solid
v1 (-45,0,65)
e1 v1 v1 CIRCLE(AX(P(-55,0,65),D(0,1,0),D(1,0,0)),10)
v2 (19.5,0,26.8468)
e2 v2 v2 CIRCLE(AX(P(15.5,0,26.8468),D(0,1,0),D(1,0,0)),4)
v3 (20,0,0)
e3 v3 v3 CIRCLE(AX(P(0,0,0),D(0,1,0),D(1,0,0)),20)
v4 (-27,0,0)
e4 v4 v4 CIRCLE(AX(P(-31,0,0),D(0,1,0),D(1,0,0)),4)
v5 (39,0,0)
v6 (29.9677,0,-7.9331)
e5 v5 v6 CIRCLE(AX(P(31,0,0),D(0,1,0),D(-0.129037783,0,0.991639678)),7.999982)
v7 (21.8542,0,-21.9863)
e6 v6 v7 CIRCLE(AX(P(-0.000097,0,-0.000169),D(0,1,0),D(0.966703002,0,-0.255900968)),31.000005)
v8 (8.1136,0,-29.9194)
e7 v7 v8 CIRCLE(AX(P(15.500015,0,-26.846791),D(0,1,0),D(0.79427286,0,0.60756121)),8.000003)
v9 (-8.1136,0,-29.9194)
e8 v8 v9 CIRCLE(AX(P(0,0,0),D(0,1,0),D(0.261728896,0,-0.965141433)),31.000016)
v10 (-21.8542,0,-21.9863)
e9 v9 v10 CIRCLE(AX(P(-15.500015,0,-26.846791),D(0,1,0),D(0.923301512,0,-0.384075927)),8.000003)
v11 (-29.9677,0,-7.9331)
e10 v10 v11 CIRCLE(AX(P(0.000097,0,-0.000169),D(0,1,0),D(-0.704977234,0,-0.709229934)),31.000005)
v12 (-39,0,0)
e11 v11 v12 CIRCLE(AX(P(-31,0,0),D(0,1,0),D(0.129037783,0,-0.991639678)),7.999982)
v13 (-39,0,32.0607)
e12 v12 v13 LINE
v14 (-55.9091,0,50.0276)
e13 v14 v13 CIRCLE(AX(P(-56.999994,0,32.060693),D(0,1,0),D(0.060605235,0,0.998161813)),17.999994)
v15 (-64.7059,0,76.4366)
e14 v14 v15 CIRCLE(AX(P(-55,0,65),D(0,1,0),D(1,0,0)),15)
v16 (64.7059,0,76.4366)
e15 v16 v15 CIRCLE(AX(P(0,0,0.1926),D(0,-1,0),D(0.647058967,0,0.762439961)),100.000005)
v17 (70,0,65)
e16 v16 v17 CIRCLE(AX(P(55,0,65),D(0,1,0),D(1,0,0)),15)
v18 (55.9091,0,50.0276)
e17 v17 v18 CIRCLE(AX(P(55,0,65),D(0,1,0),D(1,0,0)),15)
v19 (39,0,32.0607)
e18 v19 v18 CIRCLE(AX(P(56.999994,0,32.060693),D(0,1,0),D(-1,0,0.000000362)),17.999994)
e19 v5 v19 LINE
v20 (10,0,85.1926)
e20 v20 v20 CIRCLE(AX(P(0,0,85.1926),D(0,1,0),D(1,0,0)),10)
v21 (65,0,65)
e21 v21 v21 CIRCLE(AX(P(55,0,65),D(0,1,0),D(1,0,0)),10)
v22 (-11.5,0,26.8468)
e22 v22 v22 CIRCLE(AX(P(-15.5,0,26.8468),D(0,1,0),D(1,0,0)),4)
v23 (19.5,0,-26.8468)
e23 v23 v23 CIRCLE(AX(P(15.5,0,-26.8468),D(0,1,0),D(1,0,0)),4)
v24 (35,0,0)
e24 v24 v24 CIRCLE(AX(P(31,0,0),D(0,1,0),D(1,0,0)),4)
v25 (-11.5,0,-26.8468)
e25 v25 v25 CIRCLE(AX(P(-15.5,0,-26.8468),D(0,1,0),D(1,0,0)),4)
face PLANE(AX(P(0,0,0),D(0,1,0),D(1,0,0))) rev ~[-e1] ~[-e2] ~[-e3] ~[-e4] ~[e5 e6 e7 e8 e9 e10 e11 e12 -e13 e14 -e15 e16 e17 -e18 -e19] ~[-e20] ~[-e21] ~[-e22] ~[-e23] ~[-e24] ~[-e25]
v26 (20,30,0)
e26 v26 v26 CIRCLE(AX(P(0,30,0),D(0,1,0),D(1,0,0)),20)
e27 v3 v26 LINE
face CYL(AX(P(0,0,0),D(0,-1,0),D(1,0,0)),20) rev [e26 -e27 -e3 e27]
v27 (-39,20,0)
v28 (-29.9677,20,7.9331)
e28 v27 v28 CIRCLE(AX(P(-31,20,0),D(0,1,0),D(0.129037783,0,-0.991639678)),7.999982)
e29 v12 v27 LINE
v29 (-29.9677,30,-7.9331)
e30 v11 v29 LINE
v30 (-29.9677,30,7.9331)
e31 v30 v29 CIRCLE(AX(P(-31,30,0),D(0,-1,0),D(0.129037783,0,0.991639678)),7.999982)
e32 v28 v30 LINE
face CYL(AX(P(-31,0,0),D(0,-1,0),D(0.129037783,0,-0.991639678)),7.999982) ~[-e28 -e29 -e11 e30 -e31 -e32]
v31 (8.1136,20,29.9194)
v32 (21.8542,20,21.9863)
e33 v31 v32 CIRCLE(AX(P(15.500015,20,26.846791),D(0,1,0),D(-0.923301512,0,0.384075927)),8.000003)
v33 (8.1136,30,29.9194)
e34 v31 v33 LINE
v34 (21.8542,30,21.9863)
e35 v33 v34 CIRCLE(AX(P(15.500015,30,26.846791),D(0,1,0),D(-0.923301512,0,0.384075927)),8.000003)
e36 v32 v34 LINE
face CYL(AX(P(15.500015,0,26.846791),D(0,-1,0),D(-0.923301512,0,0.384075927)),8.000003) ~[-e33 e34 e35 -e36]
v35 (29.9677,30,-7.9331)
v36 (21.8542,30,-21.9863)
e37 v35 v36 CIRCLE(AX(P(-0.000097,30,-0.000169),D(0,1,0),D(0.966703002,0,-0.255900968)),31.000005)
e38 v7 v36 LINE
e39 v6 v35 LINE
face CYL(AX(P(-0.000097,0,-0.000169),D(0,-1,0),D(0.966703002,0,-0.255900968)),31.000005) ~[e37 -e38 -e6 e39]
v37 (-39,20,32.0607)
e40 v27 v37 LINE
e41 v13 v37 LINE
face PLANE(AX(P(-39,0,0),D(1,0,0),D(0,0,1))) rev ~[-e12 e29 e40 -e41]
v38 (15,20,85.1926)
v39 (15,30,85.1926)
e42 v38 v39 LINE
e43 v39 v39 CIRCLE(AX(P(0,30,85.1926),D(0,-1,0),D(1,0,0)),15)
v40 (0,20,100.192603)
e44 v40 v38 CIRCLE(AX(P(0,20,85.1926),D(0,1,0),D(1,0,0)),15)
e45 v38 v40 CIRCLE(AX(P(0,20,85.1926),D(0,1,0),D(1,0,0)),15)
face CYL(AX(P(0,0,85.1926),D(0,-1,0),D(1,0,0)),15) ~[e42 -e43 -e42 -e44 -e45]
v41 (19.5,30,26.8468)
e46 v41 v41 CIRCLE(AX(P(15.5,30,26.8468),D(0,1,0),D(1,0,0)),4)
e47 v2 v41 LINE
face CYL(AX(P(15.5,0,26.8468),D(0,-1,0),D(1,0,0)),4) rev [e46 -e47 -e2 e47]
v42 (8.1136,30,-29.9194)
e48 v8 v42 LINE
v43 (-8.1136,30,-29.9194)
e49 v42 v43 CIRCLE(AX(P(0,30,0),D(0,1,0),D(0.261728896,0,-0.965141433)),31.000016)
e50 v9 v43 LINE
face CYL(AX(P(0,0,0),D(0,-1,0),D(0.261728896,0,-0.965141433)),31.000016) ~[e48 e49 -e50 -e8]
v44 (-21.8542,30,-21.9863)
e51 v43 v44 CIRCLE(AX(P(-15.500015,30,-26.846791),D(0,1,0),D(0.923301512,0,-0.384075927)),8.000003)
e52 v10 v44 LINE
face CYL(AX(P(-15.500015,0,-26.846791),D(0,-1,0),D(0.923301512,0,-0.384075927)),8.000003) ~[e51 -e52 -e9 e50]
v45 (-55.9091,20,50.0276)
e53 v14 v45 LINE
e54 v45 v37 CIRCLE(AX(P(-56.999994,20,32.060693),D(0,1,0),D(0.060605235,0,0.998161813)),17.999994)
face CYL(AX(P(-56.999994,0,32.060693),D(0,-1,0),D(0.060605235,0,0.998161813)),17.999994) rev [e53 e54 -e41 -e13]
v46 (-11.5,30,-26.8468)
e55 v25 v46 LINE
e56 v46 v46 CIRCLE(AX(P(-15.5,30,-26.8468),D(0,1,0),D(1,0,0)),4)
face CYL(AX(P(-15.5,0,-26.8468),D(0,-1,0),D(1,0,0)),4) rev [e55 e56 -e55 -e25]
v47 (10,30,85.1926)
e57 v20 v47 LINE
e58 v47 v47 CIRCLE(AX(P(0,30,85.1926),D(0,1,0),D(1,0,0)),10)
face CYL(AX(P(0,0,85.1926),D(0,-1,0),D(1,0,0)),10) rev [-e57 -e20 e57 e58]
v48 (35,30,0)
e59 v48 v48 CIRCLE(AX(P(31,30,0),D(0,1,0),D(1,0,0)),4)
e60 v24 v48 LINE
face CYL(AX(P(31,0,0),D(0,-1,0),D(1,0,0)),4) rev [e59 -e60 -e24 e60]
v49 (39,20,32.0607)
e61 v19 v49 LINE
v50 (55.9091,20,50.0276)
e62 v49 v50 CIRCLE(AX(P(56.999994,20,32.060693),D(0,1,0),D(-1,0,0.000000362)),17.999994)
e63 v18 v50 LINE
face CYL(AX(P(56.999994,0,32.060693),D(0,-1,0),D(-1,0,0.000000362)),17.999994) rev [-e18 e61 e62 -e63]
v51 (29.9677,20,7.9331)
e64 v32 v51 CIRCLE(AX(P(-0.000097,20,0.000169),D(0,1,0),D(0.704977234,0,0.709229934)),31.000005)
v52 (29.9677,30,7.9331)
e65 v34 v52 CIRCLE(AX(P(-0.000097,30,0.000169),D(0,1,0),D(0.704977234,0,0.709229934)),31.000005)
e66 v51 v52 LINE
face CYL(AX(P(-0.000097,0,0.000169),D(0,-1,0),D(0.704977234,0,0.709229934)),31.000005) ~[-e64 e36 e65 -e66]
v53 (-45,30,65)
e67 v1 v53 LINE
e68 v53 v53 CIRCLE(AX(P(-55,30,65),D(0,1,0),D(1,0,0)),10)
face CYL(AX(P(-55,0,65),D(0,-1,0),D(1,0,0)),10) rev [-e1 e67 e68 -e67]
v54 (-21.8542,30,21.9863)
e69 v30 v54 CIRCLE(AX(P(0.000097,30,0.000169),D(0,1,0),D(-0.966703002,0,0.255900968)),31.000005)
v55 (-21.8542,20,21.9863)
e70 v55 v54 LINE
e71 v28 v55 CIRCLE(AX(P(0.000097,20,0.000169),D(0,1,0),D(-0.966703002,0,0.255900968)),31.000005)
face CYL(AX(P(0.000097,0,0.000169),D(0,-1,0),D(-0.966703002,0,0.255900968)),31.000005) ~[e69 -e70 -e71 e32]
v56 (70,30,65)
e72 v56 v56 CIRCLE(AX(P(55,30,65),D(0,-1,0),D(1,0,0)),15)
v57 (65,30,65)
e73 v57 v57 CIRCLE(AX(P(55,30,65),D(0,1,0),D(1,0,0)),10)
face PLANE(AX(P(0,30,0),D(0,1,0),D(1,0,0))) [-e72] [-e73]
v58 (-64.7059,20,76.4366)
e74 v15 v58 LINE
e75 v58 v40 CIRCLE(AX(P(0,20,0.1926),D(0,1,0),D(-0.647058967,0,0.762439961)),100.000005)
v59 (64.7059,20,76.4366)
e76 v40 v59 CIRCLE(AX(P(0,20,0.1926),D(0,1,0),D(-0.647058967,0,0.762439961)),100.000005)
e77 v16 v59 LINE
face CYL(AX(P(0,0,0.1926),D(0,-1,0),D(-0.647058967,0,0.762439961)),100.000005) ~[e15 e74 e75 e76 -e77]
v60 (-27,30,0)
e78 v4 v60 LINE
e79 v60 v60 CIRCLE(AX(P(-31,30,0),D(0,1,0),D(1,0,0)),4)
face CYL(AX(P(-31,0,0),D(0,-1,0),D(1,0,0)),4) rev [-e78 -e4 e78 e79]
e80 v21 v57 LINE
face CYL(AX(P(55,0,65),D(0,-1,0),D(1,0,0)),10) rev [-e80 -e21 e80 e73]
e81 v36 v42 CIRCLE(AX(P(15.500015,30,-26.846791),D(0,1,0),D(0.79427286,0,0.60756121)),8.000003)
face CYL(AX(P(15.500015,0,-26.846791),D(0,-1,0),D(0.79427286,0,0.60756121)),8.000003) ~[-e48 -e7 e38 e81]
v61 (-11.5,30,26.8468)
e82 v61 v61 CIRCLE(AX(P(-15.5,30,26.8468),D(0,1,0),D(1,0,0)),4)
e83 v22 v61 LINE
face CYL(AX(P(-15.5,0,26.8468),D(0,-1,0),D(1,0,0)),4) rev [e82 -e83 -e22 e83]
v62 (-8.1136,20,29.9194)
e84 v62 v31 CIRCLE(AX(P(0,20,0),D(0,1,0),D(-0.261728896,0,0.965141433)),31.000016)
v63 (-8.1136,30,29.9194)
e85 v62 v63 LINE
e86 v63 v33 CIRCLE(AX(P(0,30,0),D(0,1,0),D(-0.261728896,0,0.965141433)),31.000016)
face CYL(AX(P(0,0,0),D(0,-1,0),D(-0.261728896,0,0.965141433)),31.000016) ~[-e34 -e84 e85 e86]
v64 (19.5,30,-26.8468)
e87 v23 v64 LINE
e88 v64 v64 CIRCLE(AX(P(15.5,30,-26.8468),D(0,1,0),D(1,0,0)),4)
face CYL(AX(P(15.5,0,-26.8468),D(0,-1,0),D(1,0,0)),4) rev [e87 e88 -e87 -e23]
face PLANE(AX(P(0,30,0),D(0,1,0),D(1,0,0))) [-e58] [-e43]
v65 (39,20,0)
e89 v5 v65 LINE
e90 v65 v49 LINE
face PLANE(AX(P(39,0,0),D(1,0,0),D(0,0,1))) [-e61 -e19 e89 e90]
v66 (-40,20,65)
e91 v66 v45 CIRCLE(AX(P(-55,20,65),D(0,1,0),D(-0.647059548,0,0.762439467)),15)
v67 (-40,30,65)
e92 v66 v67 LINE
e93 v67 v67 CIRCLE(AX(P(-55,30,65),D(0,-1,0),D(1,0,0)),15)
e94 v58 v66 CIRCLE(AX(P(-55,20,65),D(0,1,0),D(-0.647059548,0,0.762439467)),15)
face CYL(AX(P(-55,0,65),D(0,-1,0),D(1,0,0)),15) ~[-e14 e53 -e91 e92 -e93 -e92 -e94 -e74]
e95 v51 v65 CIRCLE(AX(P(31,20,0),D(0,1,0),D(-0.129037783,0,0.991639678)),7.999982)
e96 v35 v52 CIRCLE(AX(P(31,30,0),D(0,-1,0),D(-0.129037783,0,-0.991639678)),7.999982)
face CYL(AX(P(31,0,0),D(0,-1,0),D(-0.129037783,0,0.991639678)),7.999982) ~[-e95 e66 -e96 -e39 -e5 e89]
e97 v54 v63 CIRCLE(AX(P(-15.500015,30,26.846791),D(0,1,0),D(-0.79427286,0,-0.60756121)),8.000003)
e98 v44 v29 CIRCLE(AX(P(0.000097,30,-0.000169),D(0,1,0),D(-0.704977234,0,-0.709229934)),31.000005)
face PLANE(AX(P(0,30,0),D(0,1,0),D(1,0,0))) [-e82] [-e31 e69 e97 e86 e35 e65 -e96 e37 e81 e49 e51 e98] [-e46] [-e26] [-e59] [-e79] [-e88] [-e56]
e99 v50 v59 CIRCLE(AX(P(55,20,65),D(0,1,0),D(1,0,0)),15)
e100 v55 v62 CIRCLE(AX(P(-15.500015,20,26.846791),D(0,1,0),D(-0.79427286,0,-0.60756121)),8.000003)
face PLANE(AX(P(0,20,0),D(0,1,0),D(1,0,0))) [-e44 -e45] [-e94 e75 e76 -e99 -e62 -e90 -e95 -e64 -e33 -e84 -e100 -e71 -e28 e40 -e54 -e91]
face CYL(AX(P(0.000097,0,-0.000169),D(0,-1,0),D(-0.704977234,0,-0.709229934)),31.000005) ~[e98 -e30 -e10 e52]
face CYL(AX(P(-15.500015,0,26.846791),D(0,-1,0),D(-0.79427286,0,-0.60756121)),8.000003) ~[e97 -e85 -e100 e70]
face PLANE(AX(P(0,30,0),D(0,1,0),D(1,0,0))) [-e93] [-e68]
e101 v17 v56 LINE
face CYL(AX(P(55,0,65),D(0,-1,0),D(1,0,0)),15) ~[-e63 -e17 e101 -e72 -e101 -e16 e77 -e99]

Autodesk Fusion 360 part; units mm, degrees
sketch "Sketch1" plane through (0, 0, 0) normal (0, 1, 0) x (1, 0, 0)
  line L0 (-50, 0) -> (50, 0) construction
  line L1 (0, 105.7095) -> (0, -105.7095) construction
  line L2 (-55, -65) -> (55, -65) construction
  circle A0 centre (-55, -65) radius 15
  circle A1 centre (-55, -65) radius 15
  circle A2 centre (55, -65) radius 15
  circle A3 centre (-55, -65) radius 10
  circle A4 centre (55, -65) radius 10
  circle A5 centre (0, 0) radius 20
  circle A6 centre (31, 0) radius 4
  circle A7 centre (-31, 0) radius 4
  line L3 (0, 0) -> (44, 0) construction
  circle A8 centre (-15.5, -26.8468) radius 4
  circle A9 centre (15.5, 26.8468) radius 4
  line L4 (0, 0) -> (45, 0) construction
  line L5 (0, 0) -> (44, 0) construction
  circle A10 centre (15.5, -26.8468) radius 4
  circle A11 centre (-15.5, 26.8468) radius 4
  arc A12 (-29.9677, 7.9331) -> (-29.9677, -7.9331) centre (-31, 0) ccw
  arc A13 (-8.1136, 29.9194) -> (-21.8542, 21.9863) centre (-15.5, 26.8468) ccw
  arc A14 (-21.8542, 21.9863) -> (-29.9677, 7.9331) centre (0, 0) ccw
  arc A15 (21.8542, 21.9863) -> (8.1136, 29.9194) centre (15.5, 26.8468) ccw
  arc A16 (8.1136, 29.9194) -> (-8.1136, 29.9194) centre (0, 0) ccw
  arc A17 (29.9677, -7.9331) -> (29.9677, 7.9331) centre (31, 0) ccw
  arc A18 (29.9677, 7.9331) -> (21.8542, 21.9863) centre (0, 0) ccw
  arc A19 (8.1136, -29.9194) -> (21.8542, -21.9863) centre (15.5, -26.8468) ccw
  arc A20 (-21.8542, -21.9863) -> (-8.1136, -29.9194) centre (-15.5, -26.8468) ccw
  arc A21 (-29.9677, -7.9331) -> (-21.8542, -21.9863) centre (0, 0) ccw
  arc A22 (-8.1136, -29.9194) -> (8.1136, -29.9194) centre (0, 0) ccw
  arc A23 (21.8542, -21.9863) -> (29.9677, -7.9331) centre (0, 0) ccw
  line L6 (39, 0) -> (39, -32.0607)
  arc A24 (-64.7059, -76.4366) -> (64.7059, -76.4366) centre (0, -0.1926) ccw
  circle A25 centre (0, -85.1926) radius 15
  circle A26 centre (0, -85.1926) radius 10
  arc A27 (39, -32.0607) -> (55.9091, -50.0276) centre (57, -32.0607) ccw
  arc A28 (-55.9091, -50.0276) -> (-39, -32.0607) centre (-57, -32.0607) ccw
  line L7 (-39, 0) -> (-39, -32.0607)
  point P0 (0, -65)
  dimension "d1" = 100
  dimension "d2" = 65
  dimension "d3" = 110
  dimension "d4" = 30
  dimension "d5" = 30
  dimension "d6" = 30
  dimension "d7" = 20
  dimension "d8" = 20
  dimension "d11" = 8
  dimension "d12" = 16
  dimension "d21" = 105.7095
  dimension "d22" = 200
  dimension "d23" = 30
  dimension "d24" = 20
  dimension "d25" = 36
  dimension "d26" = 8
  dimension "d27" = 8
  dimension "d28" = 8
  dimension "d29" = 40
  dimension "d30" = 8
  dimension "d31" = 8
  dimension "d32" = 8
  dimension "d33" = 31
  dimension "d34" = 8
  dimension "d35" = 8
extrude "Extrude1" add sketch "Sketch1" along normal blind 20 contours A0 A1 A2 A12 A17 A19 A20 A21 A22 A23 L6 A24 A27 A28 L7 makes body 1
extrude "Extrude2" add sketch "Sketch1" along normal blind 30 separate body contours A0 A1 | A12 A13 A14 A15 A16 A17 A18 A19 A20 A21 A22 A23 | A2 makes body 2 at (-40.0745, 10, 66.4935) makes body 3 at (69.9255, 10, 66.4935) makes body 4 at (19.9751, 10, 0.9969)
extrude "Extrude3" add sketch "Sketch1" along normal blind 30 contours A25 bodies 1
combine "Combine1" operation add target body 1 tool bodies 4 2 3
